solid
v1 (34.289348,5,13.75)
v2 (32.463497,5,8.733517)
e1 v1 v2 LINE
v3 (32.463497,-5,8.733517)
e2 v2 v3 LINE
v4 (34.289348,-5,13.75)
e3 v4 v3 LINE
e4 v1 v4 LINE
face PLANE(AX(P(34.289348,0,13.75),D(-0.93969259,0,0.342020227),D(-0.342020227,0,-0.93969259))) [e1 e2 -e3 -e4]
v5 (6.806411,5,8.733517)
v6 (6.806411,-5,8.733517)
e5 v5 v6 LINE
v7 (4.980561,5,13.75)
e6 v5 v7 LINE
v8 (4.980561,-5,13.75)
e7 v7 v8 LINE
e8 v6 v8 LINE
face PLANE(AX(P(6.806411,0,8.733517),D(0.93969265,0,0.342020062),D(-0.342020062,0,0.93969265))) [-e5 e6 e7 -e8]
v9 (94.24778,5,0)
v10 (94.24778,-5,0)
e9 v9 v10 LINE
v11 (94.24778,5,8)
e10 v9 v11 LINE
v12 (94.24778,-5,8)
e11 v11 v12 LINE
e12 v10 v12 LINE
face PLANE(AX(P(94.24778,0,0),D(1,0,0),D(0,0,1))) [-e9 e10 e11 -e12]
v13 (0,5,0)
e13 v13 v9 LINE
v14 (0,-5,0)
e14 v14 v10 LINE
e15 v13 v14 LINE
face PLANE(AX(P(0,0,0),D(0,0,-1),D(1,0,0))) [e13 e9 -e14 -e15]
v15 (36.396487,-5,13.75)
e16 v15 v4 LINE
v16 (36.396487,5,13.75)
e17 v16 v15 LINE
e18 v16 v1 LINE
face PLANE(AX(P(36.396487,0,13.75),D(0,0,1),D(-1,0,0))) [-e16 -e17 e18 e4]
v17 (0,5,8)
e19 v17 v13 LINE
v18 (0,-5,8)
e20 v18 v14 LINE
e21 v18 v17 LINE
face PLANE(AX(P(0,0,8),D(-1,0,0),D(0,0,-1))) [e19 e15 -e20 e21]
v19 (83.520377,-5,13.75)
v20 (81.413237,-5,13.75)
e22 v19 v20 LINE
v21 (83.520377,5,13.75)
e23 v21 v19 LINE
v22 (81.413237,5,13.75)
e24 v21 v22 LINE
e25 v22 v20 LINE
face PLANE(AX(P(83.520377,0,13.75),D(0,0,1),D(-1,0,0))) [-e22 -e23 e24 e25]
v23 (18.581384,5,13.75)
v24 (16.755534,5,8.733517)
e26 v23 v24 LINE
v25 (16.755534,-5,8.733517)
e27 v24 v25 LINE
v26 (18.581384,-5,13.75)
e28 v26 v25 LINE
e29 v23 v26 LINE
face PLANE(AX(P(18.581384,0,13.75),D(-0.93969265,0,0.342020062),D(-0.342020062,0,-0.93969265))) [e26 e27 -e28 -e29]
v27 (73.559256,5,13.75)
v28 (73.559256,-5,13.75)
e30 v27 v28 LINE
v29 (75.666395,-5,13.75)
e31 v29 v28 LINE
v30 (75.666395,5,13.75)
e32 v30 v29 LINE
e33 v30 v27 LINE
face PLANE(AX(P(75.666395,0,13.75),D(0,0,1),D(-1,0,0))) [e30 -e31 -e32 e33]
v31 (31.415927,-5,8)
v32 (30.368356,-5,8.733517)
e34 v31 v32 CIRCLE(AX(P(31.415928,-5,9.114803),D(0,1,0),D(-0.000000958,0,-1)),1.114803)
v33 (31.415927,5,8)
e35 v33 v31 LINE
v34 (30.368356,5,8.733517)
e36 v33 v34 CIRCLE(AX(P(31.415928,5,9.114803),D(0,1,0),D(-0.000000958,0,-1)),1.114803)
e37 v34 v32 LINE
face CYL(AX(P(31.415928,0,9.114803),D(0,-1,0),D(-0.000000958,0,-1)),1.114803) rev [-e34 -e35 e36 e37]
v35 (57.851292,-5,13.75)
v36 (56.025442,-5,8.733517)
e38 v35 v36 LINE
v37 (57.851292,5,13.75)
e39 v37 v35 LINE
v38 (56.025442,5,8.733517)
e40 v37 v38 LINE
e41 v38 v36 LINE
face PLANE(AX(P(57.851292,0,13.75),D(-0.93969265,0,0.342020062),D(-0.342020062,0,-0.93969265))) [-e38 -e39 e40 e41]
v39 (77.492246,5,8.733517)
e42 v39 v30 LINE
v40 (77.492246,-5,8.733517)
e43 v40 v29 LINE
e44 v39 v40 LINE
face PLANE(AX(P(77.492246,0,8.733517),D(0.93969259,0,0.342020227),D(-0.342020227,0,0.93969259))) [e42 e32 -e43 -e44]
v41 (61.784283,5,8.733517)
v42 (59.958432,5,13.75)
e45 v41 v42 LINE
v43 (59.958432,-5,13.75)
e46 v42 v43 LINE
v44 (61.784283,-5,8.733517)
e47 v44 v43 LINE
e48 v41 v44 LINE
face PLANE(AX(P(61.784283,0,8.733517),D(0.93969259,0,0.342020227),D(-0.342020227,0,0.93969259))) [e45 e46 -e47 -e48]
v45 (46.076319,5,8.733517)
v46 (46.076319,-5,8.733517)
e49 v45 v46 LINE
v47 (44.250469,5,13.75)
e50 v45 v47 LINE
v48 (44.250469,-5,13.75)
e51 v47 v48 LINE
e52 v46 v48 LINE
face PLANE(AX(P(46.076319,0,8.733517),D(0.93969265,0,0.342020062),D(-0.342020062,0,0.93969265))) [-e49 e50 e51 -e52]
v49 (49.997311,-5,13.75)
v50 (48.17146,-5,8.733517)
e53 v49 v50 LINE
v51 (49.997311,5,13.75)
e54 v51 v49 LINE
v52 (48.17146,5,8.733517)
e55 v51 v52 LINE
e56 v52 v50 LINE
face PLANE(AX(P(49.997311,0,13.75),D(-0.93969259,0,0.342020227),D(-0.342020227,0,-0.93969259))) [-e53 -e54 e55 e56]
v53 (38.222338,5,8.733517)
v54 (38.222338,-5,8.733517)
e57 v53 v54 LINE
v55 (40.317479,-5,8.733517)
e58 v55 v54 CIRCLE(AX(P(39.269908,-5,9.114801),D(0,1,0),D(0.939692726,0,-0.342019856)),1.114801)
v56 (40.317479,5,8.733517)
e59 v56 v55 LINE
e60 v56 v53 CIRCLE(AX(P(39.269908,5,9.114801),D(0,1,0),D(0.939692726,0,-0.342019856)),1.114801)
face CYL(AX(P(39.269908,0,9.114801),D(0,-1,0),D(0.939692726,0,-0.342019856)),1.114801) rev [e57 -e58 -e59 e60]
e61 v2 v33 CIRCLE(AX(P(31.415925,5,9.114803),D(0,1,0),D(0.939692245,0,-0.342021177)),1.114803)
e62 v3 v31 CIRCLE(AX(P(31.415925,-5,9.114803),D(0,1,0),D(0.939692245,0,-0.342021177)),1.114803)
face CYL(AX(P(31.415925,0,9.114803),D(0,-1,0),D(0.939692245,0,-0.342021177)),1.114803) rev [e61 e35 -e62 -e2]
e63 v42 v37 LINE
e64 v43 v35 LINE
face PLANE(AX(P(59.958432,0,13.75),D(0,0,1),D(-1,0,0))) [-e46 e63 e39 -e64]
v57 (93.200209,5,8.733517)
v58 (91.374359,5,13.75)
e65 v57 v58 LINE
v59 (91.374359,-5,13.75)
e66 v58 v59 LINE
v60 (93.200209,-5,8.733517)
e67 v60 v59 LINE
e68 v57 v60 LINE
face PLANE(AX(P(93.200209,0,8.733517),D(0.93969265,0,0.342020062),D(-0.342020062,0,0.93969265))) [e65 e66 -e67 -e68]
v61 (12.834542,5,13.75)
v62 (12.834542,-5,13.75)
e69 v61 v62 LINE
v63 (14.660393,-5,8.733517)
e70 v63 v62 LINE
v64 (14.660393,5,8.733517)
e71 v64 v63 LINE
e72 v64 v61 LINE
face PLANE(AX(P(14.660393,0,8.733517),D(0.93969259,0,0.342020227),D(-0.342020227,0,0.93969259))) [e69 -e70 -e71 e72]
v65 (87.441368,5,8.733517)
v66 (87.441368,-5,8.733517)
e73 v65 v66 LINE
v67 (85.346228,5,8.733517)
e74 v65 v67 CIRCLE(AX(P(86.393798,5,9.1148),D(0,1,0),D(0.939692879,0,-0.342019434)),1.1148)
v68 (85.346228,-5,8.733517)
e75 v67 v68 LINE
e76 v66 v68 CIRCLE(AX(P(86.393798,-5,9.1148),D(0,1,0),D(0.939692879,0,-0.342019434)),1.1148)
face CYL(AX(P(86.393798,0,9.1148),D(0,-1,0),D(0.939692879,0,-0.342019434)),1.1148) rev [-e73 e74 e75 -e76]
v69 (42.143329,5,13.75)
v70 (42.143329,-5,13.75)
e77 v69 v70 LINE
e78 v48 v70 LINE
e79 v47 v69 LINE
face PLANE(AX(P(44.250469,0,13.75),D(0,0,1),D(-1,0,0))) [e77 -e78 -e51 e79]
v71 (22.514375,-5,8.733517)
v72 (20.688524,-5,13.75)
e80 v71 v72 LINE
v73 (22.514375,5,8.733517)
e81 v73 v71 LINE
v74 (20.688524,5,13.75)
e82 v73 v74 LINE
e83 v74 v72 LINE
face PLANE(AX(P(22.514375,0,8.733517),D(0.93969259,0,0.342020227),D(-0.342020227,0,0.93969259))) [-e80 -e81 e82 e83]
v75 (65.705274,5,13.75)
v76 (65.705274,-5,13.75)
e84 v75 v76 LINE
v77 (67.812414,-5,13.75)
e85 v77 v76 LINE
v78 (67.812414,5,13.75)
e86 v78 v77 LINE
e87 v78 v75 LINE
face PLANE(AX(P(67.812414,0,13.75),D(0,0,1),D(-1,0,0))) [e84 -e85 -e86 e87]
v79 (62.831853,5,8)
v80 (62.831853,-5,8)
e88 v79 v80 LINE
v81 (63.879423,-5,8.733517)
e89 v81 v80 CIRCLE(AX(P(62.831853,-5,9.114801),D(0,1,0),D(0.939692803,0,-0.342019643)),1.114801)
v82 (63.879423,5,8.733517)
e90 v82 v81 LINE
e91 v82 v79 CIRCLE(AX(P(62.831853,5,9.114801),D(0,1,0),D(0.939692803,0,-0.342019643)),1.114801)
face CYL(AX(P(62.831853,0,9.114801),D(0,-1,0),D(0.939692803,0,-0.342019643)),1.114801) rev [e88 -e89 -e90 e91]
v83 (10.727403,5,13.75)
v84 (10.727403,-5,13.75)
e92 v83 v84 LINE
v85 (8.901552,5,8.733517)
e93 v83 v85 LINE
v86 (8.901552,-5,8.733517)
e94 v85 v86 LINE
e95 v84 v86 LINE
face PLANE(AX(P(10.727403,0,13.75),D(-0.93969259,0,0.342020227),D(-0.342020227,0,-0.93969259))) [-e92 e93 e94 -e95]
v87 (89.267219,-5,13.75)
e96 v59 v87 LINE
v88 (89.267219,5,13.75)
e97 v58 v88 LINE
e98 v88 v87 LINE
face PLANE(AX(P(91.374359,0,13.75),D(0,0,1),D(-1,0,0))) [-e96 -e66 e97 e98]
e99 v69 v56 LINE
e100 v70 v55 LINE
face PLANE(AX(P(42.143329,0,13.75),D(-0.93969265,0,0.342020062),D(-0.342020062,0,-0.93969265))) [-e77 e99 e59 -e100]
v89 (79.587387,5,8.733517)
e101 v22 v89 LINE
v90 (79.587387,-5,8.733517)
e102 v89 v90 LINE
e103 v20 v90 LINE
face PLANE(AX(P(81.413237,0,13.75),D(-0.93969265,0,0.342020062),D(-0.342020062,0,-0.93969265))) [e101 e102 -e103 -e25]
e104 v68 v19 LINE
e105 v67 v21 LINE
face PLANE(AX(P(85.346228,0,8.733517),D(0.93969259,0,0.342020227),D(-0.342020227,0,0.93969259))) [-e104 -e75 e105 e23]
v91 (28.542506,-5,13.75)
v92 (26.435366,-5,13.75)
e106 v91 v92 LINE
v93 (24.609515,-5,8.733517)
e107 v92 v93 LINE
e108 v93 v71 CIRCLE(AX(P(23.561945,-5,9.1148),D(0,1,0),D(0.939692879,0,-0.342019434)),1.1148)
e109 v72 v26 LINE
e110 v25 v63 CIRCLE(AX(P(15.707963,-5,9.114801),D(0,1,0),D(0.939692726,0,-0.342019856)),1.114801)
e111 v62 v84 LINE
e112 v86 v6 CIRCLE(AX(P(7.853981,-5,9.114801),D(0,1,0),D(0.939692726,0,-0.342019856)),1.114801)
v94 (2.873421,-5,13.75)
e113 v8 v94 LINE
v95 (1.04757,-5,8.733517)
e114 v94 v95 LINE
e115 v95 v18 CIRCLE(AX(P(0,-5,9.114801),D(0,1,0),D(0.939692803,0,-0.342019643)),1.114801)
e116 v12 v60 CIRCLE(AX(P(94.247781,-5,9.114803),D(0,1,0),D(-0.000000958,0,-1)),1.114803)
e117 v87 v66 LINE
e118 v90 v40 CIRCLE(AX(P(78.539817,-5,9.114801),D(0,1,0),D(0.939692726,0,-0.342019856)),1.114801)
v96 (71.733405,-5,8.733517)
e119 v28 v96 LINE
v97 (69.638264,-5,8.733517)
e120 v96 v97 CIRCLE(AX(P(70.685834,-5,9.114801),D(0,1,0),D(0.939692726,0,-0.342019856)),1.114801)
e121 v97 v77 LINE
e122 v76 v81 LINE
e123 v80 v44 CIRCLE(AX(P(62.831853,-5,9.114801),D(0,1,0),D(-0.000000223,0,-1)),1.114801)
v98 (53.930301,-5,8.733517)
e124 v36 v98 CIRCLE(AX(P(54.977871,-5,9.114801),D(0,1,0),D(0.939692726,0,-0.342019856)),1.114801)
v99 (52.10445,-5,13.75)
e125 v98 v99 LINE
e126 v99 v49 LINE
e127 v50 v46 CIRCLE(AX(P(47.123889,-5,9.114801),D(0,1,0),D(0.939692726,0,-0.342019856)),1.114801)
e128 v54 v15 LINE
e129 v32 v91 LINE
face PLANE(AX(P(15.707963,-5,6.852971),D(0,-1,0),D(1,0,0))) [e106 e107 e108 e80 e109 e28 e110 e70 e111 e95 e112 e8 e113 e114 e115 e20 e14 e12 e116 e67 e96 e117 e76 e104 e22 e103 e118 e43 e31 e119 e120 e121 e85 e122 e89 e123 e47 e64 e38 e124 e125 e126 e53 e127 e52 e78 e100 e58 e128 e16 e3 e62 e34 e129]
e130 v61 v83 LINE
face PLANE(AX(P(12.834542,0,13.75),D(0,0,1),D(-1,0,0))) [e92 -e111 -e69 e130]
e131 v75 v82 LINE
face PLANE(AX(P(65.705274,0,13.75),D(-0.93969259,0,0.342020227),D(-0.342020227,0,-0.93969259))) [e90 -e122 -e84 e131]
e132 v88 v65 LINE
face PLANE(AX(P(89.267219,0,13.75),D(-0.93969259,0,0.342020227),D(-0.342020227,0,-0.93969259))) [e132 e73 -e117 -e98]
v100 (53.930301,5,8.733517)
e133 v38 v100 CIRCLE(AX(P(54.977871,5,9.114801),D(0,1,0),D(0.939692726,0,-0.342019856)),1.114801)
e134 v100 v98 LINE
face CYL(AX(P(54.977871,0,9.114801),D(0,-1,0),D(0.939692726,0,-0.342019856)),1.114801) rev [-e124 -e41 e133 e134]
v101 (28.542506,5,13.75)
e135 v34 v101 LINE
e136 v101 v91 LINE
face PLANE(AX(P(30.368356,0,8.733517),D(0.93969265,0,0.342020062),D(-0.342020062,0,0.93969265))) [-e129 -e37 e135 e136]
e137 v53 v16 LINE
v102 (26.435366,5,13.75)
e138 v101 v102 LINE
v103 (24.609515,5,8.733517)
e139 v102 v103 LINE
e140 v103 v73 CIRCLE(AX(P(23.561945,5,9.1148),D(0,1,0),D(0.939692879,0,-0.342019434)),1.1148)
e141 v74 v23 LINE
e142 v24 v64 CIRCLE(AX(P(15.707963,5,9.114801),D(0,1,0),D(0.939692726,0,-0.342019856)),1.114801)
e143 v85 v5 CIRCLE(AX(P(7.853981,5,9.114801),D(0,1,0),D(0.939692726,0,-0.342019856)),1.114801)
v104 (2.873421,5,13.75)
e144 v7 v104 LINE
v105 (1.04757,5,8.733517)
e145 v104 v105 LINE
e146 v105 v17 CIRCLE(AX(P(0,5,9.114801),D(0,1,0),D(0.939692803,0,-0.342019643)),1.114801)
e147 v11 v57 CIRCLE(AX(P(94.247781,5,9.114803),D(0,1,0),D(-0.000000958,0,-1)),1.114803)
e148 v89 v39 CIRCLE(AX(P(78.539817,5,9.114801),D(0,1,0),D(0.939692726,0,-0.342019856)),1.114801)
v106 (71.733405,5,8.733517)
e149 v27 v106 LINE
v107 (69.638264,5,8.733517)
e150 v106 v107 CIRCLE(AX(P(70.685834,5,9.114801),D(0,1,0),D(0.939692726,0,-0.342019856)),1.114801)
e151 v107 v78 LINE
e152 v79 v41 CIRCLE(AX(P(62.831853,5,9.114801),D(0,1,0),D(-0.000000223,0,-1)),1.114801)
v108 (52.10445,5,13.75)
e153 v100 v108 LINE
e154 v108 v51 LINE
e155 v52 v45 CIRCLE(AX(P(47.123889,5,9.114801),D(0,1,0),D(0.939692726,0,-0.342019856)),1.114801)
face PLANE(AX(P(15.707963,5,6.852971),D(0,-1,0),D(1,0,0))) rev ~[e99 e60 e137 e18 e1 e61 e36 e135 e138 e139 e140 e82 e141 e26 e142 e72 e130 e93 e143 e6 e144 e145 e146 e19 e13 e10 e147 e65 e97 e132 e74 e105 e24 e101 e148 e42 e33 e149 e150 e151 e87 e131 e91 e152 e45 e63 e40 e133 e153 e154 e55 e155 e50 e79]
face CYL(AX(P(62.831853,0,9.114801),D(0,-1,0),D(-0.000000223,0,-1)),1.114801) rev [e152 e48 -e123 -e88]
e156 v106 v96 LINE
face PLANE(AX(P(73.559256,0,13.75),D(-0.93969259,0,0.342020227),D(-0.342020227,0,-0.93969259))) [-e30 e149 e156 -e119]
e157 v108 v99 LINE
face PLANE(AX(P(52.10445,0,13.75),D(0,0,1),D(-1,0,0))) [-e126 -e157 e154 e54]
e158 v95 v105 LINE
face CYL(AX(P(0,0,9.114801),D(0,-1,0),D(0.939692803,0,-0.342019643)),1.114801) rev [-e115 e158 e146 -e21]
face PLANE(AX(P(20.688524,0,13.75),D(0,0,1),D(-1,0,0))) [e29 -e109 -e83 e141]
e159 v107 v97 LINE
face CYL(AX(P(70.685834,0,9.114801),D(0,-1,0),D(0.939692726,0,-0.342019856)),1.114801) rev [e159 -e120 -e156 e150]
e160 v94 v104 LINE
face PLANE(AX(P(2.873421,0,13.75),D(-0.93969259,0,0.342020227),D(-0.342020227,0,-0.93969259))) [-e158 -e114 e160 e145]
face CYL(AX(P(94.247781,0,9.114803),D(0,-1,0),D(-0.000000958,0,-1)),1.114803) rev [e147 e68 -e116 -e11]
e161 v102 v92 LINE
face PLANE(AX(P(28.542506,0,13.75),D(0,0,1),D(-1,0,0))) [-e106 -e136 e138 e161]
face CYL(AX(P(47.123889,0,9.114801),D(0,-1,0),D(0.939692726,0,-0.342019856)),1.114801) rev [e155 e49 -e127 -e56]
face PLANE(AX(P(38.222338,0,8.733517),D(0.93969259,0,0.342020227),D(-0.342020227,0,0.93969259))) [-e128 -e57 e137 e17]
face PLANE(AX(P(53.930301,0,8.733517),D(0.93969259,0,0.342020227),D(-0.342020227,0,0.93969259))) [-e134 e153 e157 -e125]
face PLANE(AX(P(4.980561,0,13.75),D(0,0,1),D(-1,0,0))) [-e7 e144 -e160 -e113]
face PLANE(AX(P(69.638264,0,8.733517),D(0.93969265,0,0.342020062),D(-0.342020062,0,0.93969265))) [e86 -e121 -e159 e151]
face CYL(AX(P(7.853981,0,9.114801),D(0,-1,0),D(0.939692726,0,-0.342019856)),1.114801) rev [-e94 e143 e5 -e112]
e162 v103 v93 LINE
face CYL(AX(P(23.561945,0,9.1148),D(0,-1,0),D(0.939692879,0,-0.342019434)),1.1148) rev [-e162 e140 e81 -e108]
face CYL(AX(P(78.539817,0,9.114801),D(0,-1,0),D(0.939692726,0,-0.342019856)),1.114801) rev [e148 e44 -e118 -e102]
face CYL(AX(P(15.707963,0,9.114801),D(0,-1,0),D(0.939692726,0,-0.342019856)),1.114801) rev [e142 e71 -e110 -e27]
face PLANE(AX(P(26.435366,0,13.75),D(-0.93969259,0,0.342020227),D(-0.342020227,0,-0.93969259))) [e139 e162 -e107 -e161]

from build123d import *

# Parameters (mm, degrees)
F1_DEPTH = 5


with BuildPart() as f1:
    # F0 (on Front) → F1 (new body, symmetric)
    with BuildSketch(Plane.XZ):
        with BuildLine():
            Line((0, 8), (0, 0))
            Line((0, 0), (31.415927, 0))
            Line((31.415927, 0), (31.415927, 8))
            ThreePointArc((31.415927, 8), (30.776503, 8.20161), (30.368356, 8.733517))
            Line((30.368356, 8.733517), (28.542506, 13.75))
            Line((28.542506, 13.75), (26.435366, 13.75))
            Line((26.435366, 13.75), (24.609515, 8.733517))
            ThreePointArc((24.609515, 8.733517), (23.561945, 8), (22.514375, 8.733517))
            Line((22.514375, 8.733517), (20.688524, 13.75))
            Line((20.688524, 13.75), (18.581384, 13.75))
            Line((18.581384, 13.75), (16.755534, 8.733517))
            ThreePointArc((16.755534, 8.733517), (15.707963, 8), (14.660393, 8.733517))
            Line((14.660393, 8.733517), (12.834542, 13.75))
            Line((12.834542, 13.75), (10.727403, 13.75))
            Line((10.727403, 13.75), (8.901552, 8.733517))
            ThreePointArc((8.901552, 8.733517), (7.853982, 8), (6.806411, 8.733517))
            Line((6.806411, 8.733517), (4.980561, 13.75))
            Line((4.980561, 13.75), (2.873421, 13.75))
            Line((2.873421, 13.75), (1.04757, 8.733517))
            ThreePointArc((1.04757, 8.733517), (0.639424, 8.20161), (0, 8))
        make_face()
        with BuildLine():
            Line((31.415927, 8), (31.415927, 0))
            Line((31.415927, 0), (62.831853, 0))
            Line((62.831853, 0), (62.831853, 8))
            ThreePointArc((62.831853, 8), (62.192429, 8.20161), (61.784283, 8.733517))
            Line((61.784283, 8.733517), (59.958432, 13.75))
            Line((59.958432, 13.75), (57.851292, 13.75))
            Line((57.851292, 13.75), (56.025442, 8.733517))
            ThreePointArc((56.025442, 8.733517), (54.977871, 8), (53.930301, 8.733517))
            Line((53.930301, 8.733517), (52.10445, 13.75))
            Line((52.10445, 13.75), (49.997311, 13.75))
            Line((49.997311, 13.75), (48.17146, 8.733517))
            ThreePointArc((48.17146, 8.733517), (47.12389, 8), (46.076319, 8.733517))
            Line((46.076319, 8.733517), (44.250469, 13.75))
            Line((44.250469, 13.75), (42.143329, 13.75))
            Line((42.143329, 13.75), (40.317479, 8.733517))
            ThreePointArc((40.317479, 8.733517), (39.269908, 8), (38.222338, 8.733517))
            Line((38.222338, 8.733517), (36.396487, 13.75))
            Line((36.396487, 13.75), (34.289348, 13.75))
            Line((34.289348, 13.75), (32.463497, 8.733517))
            ThreePointArc((32.463497, 8.733517), (32.05535, 8.20161), (31.415927, 8))
        make_face()
        with BuildLine():
            Line((62.831853, 8), (62.831853, 0))
            Line((62.831853, 0), (94.24778, 0))
            Line((94.24778, 0), (94.24778, 8))
            ThreePointArc((94.24778, 8), (93.608356, 8.20161), (93.200209, 8.733517))
            Line((93.200209, 8.733517), (91.374359, 13.75))
            Line((91.374359, 13.75), (89.267219, 13.75))
            Line((89.267219, 13.75), (87.441368, 8.733517))
            ThreePointArc((87.441368, 8.733517), (86.393798, 8), (85.346228, 8.733517))
            Line((85.346228, 8.733517), (83.520377, 13.75))
            Line((83.520377, 13.75), (81.413237, 13.75))
            Line((81.413237, 13.75), (79.587387, 8.733517))
            ThreePointArc((79.587387, 8.733517), (78.539816, 8), (77.492246, 8.733517))
            Line((77.492246, 8.733517), (75.666395, 13.75))
            Line((75.666395, 13.75), (73.559256, 13.75))
            Line((73.559256, 13.75), (71.733405, 8.733517))
            ThreePointArc((71.733405, 8.733517), (70.685835, 8), (69.638264, 8.733517))
            Line((69.638264, 8.733517), (67.812414, 13.75))
            Line((67.812414, 13.75), (65.705274, 13.75))
            Line((65.705274, 13.75), (63.879423, 8.733517))
            ThreePointArc((63.879423, 8.733517), (63.471277, 8.20161), (62.831853, 8))
        make_face()
    extrude(amount=F1_DEPTH, both=True)


solid = f1.part
